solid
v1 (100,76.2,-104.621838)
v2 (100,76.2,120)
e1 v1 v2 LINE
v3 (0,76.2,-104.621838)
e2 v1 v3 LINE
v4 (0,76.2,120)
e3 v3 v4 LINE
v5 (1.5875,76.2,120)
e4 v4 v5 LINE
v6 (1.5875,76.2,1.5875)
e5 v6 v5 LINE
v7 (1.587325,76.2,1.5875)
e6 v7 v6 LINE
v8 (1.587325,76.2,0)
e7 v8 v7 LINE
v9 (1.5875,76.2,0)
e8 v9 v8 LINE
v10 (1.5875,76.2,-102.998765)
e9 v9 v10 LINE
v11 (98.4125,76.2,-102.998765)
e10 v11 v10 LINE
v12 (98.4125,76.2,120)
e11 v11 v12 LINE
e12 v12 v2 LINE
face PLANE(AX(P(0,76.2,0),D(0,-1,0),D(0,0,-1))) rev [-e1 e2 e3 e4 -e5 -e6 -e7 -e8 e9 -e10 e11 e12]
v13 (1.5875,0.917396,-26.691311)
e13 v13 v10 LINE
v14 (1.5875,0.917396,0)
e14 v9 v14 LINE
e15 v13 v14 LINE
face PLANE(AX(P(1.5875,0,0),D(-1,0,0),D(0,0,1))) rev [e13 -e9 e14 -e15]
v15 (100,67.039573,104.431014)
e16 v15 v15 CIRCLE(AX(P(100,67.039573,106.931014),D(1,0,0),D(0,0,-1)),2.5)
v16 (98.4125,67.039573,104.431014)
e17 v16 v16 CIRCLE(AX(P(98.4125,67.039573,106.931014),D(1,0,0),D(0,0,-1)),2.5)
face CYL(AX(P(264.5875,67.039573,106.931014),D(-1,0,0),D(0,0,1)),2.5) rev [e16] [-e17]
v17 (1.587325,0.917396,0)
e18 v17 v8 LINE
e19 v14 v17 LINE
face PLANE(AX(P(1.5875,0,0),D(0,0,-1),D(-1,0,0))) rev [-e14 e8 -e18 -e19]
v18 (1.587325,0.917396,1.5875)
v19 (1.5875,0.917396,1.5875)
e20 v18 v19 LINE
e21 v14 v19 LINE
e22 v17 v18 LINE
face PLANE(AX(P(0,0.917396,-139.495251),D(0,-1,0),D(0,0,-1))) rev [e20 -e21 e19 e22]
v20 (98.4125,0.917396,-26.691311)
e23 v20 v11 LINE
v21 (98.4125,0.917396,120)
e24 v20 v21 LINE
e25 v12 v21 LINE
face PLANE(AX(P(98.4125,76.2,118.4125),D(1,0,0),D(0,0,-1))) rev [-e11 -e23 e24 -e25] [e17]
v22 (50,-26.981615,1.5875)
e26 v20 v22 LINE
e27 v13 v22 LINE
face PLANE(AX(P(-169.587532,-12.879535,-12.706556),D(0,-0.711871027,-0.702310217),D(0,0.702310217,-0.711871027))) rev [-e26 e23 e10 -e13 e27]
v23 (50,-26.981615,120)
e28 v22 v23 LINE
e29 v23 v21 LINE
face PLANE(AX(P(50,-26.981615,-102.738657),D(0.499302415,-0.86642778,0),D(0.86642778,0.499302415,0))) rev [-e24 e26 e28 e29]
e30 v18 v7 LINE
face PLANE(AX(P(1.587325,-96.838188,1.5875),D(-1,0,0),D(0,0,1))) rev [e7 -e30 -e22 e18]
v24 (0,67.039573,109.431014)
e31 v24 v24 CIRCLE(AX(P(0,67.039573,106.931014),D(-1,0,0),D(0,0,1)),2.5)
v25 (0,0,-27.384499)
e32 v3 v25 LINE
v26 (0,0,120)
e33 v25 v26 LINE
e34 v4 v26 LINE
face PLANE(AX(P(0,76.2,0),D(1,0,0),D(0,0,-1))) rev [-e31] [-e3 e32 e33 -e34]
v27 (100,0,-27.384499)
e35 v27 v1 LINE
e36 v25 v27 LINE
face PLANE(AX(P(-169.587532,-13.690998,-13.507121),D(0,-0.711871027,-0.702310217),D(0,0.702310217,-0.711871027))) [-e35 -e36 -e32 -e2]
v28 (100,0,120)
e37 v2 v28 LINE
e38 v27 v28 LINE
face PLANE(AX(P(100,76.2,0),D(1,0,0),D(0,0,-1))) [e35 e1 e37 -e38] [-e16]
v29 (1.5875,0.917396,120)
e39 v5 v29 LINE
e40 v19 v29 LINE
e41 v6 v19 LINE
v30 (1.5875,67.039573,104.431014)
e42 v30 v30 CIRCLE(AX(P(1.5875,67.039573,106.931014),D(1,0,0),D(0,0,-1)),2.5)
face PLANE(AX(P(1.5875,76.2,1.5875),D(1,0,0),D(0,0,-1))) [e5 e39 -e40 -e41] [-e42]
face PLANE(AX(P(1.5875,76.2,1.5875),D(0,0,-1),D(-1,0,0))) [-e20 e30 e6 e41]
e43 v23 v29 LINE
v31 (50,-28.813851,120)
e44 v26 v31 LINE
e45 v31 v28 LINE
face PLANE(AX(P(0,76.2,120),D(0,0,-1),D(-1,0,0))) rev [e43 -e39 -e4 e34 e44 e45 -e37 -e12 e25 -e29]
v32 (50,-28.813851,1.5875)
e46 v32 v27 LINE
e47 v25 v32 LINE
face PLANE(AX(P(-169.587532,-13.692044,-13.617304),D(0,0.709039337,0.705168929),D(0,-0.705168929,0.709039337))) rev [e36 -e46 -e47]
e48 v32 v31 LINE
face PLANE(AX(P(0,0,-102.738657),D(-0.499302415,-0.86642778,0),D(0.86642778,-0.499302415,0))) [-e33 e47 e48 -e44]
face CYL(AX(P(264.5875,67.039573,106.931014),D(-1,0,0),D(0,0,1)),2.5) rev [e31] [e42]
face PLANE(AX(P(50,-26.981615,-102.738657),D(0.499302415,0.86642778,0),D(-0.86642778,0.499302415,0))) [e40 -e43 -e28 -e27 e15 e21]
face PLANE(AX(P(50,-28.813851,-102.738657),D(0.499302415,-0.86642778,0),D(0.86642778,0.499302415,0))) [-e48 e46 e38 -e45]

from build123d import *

# Parameters (mm, degrees)
BOSS_EXTRUDE2_DEPTH             = 76.2
BOSS_EXTRUDE3_DEPTH             = 118.4125
SKETCH5_W                       = 96.825174549
SKETCH5_H                       = 1.5875
CUT_EXTRUDE2_DEPTH              = 76.2
BOSS_EXTRUDE5_REACH             = 52
BOSS_EXTRUDE5_DIRECTION_2_REACH = 52
BOSS_EXTRUDE6_REACH             = 122.202
BOSS_EXTRUDE7_DEPTH             = 1.5875
BOSS_EXTRUDE8_DEPTH             = 1.5875
SKETCH15_W                      = 143.32634152
SKETCH15_H                      = 53.255725939
CUT_EXTRUDE3_DEPTH              = 264.5875
CUT_EXTRUDE4_DEPTH              = 264.5875
SKETCH18_R                      = 2.5
CUT_EXTRUDE5_DEPTH              = 264.5875


with BuildPart() as part:
    # Sketch1 → Boss-Extrude2 (new body)
    with BuildSketch(Plane(origin=(0, 0, 0), x_dir=(1, 0, 0), z_dir=(0, 1, 0))):
        Polygon((1.5875, -1.5875), (98.4125, -1.5875), (98.4125, -118.4125), (98.4125, -120), (100, -120), (100, 0), (0, 0), (0, -120), (1.5875, -120), (1.5875, -118.4125), align=None)
    extrude(amount=BOSS_EXTRUDE2_DEPTH)

    # Sketch2 → Boss-Extrude3 (add)
    with BuildSketch(Plane.XY.offset(120)):
        Polygon((0, 0), (1.5875, 0.917396042), (50, -26.981614962), (98.4125, 0.917396042), (100, 0), (50, -28.813850766), align=None)
    extrude(amount=-BOSS_EXTRUDE3_DEPTH)

    # Sketch5 → Cut-Extrude2 (cut)
    with BuildSketch(Plane(origin=(0, 76.2, 0), x_dir=(1, 0, 0), z_dir=(0, 1, 0))):
        with Locations((49.999912726, -0.79375)):
            Rectangle(SKETCH5_W, SKETCH5_H)
    extrude(amount=-CUT_EXTRUDE2_DEPTH, mode=Mode.SUBTRACT)

    # Boss-Extrude5: up to this face of the body (flat: up to its plane)
    boss_extrude5_end = Plane(part.part.faces().sort_by_distance((0, 38.1, 60))[0])
    # Sketch11 → Boss-Extrude5 (add, up to the picked face)
    with BuildSketch(Plane.ZY.offset(-50), mode=Mode.PRIVATE) as boss_extrude5_sk1:
        Polygon((1.5875, -26.981614962), (1.5875, -28.813850766), (-27.384499219, 0), (-25.76142568, 0), align=None)
    boss_extrude5_tool1 = split(extrude(boss_extrude5_sk1.sketch, amount=BOSS_EXTRUDE5_REACH, mode=Mode.PRIVATE), bisect_by=boss_extrude5_end, keep=Keep.BOTH, mode=Mode.PRIVATE)
    add(boss_extrude5_tool1.solids().sort_by_distance((50, -14.256717, -12.190864))[0])
    # Sketch11 → Boss-Extrude5 (add, up to the picked face)
    with BuildSketch(Plane.ZY.offset(-50), mode=Mode.PRIVATE) as boss_extrude5_sk2:
        Polygon((-27.384499219, 0), (-25.76142568, 0), (-117.814066128, 90.816324189), (-118.614630338, 90.004861602), align=None)
    boss_extrude5_tool2 = split(extrude(boss_extrude5_sk2.sketch, amount=BOSS_EXTRUDE5_REACH, mode=Mode.PRIVATE), bisect_by=boss_extrude5_end, keep=Keep.BOTH, mode=Mode.PRIVATE)
    add(boss_extrude5_tool2.solids().sort_by_distance((50, 45.2056, -72.392749))[0])

    # Boss-Extrude5 direction 2: up to this face of the body (flat: up to its plane)
    boss_extrude5_direction_2_end = Plane(part.part.faces().sort_by_distance((100, 38.1, 60))[0])
    # Sketch11 → Boss-Extrude5 direction 2 (add, up to the picked face)
    with BuildSketch(Plane.ZY.offset(-50), mode=Mode.PRIVATE) as boss_extrude5_direction_2_sk1:
        Polygon((1.5875, -26.981614962), (1.5875, -28.813850766), (-27.384499219, 0), (-25.76142568, 0), align=None)
    boss_extrude5_direction_2_tool1 = split(extrude(boss_extrude5_direction_2_sk1.sketch, amount=-BOSS_EXTRUDE5_DIRECTION_2_REACH, mode=Mode.PRIVATE), bisect_by=boss_extrude5_direction_2_end, keep=Keep.BOTH, mode=Mode.PRIVATE)
    add(boss_extrude5_direction_2_tool1.solids().sort_by_distance((50, -14.256717, -12.190864))[0])
    # Sketch11 → Boss-Extrude5 direction 2 (add, up to the picked face)
    with BuildSketch(Plane.ZY.offset(-50), mode=Mode.PRIVATE) as boss_extrude5_direction_2_sk2:
        Polygon((-27.384499219, 0), (-25.76142568, 0), (-117.814066128, 90.816324189), (-118.614630338, 90.004861602), align=None)
    boss_extrude5_direction_2_tool2 = split(extrude(boss_extrude5_direction_2_sk2.sketch, amount=-BOSS_EXTRUDE5_DIRECTION_2_REACH, mode=Mode.PRIVATE), bisect_by=boss_extrude5_direction_2_end, keep=Keep.BOTH, mode=Mode.PRIVATE)
    add(boss_extrude5_direction_2_tool2.solids().sort_by_distance((50, 45.2056, -72.392749))[0])

    # Boss-Extrude6: up to this face of the body (flat: up to its plane)
    boss_extrude6_end = Plane(part.part.faces().sort_by_distance((50, -14.406925383, -12.89849961))[0])
    # Sketch12 → Boss-Extrude6 (add, up to the picked face)
    with BuildSketch(Plane(origin=(0, 0, 1.5875), x_dir=(-1, 0, 0), z_dir=(0, 0, -1)), mode=Mode.PRIVATE) as boss_extrude6_sk1:
        Polygon((-50, -26.981614962), (-98.4125, 0.917396042), (-98.4125, 0), (-100, 0), (-53.179435853, -26.981614962), (-50, -28.813850766), (-46.820564147, -26.981614962), (0, 0), (0, 0.917396042), (-1.5875, 0.917396042), align=None)
    boss_extrude6_tool1 = split(extrude(boss_extrude6_sk1.sketch, amount=BOSS_EXTRUDE6_REACH, mode=Mode.PRIVATE), bisect_by=boss_extrude6_end, keep=Keep.BOTH, mode=Mode.PRIVATE)
    add(boss_extrude6_tool1.solids().sort_by_distance((25.272847, -13.93602, 1.5875))[0])

    # Sketch13 → Boss-Extrude7 (add)
    with BuildSketch(Plane.ZY):
        Polygon((0, 0.917396042), (0, 76.2), (-102.998764504, 76.2), (-26.691310574, 0.917396042), align=None)
    extrude(amount=-BOSS_EXTRUDE7_DEPTH)

    # Sketch14 → Boss-Extrude8 (add)
    with BuildSketch(Plane(origin=(100, 0, 0), x_dir=(0, 0, -1), z_dir=(1, 0, 0))):
        Polygon((0, 0), (25.76142568, 0), (102.998764504, 76.2), (0, 76.2), align=None)
    extrude(amount=-BOSS_EXTRUDE8_DEPTH)

    # Sketch15 → Cut-Extrude3 (cut)
    with BuildSketch(Plane.XY.offset(120)):
        with Locations((28.33682924, 102.82786297)):
            Rectangle(SKETCH15_W, SKETCH15_H)
    extrude(amount=-CUT_EXTRUDE3_DEPTH, mode=Mode.SUBTRACT)

    # Sketch16 → Cut-Extrude4 (cut)
    with BuildSketch(Plane.XY.offset(120)):
        Polygon((63.760723445, -52.692511686), (50, -28.813850766), (100, 0), (131.48806996, 0), (150.508378032, -66.092213095), align=None)
        Polygon((-24.631729482, 0), (0, 0), (50, -28.813850766), (-14.891819722, -42.472870615), align=None)
    extrude(amount=-CUT_EXTRUDE4_DEPTH, mode=Mode.SUBTRACT)

    # Sketch18 → Cut-Extrude5 (cut)
    with BuildSketch(Plane.ZY):
        with Locations((106.931013832, 67.039572628)):
            Circle(SKETCH18_R)
    extrude(amount=-CUT_EXTRUDE5_DEPTH, mode=Mode.SUBTRACT)


solid = part.part
